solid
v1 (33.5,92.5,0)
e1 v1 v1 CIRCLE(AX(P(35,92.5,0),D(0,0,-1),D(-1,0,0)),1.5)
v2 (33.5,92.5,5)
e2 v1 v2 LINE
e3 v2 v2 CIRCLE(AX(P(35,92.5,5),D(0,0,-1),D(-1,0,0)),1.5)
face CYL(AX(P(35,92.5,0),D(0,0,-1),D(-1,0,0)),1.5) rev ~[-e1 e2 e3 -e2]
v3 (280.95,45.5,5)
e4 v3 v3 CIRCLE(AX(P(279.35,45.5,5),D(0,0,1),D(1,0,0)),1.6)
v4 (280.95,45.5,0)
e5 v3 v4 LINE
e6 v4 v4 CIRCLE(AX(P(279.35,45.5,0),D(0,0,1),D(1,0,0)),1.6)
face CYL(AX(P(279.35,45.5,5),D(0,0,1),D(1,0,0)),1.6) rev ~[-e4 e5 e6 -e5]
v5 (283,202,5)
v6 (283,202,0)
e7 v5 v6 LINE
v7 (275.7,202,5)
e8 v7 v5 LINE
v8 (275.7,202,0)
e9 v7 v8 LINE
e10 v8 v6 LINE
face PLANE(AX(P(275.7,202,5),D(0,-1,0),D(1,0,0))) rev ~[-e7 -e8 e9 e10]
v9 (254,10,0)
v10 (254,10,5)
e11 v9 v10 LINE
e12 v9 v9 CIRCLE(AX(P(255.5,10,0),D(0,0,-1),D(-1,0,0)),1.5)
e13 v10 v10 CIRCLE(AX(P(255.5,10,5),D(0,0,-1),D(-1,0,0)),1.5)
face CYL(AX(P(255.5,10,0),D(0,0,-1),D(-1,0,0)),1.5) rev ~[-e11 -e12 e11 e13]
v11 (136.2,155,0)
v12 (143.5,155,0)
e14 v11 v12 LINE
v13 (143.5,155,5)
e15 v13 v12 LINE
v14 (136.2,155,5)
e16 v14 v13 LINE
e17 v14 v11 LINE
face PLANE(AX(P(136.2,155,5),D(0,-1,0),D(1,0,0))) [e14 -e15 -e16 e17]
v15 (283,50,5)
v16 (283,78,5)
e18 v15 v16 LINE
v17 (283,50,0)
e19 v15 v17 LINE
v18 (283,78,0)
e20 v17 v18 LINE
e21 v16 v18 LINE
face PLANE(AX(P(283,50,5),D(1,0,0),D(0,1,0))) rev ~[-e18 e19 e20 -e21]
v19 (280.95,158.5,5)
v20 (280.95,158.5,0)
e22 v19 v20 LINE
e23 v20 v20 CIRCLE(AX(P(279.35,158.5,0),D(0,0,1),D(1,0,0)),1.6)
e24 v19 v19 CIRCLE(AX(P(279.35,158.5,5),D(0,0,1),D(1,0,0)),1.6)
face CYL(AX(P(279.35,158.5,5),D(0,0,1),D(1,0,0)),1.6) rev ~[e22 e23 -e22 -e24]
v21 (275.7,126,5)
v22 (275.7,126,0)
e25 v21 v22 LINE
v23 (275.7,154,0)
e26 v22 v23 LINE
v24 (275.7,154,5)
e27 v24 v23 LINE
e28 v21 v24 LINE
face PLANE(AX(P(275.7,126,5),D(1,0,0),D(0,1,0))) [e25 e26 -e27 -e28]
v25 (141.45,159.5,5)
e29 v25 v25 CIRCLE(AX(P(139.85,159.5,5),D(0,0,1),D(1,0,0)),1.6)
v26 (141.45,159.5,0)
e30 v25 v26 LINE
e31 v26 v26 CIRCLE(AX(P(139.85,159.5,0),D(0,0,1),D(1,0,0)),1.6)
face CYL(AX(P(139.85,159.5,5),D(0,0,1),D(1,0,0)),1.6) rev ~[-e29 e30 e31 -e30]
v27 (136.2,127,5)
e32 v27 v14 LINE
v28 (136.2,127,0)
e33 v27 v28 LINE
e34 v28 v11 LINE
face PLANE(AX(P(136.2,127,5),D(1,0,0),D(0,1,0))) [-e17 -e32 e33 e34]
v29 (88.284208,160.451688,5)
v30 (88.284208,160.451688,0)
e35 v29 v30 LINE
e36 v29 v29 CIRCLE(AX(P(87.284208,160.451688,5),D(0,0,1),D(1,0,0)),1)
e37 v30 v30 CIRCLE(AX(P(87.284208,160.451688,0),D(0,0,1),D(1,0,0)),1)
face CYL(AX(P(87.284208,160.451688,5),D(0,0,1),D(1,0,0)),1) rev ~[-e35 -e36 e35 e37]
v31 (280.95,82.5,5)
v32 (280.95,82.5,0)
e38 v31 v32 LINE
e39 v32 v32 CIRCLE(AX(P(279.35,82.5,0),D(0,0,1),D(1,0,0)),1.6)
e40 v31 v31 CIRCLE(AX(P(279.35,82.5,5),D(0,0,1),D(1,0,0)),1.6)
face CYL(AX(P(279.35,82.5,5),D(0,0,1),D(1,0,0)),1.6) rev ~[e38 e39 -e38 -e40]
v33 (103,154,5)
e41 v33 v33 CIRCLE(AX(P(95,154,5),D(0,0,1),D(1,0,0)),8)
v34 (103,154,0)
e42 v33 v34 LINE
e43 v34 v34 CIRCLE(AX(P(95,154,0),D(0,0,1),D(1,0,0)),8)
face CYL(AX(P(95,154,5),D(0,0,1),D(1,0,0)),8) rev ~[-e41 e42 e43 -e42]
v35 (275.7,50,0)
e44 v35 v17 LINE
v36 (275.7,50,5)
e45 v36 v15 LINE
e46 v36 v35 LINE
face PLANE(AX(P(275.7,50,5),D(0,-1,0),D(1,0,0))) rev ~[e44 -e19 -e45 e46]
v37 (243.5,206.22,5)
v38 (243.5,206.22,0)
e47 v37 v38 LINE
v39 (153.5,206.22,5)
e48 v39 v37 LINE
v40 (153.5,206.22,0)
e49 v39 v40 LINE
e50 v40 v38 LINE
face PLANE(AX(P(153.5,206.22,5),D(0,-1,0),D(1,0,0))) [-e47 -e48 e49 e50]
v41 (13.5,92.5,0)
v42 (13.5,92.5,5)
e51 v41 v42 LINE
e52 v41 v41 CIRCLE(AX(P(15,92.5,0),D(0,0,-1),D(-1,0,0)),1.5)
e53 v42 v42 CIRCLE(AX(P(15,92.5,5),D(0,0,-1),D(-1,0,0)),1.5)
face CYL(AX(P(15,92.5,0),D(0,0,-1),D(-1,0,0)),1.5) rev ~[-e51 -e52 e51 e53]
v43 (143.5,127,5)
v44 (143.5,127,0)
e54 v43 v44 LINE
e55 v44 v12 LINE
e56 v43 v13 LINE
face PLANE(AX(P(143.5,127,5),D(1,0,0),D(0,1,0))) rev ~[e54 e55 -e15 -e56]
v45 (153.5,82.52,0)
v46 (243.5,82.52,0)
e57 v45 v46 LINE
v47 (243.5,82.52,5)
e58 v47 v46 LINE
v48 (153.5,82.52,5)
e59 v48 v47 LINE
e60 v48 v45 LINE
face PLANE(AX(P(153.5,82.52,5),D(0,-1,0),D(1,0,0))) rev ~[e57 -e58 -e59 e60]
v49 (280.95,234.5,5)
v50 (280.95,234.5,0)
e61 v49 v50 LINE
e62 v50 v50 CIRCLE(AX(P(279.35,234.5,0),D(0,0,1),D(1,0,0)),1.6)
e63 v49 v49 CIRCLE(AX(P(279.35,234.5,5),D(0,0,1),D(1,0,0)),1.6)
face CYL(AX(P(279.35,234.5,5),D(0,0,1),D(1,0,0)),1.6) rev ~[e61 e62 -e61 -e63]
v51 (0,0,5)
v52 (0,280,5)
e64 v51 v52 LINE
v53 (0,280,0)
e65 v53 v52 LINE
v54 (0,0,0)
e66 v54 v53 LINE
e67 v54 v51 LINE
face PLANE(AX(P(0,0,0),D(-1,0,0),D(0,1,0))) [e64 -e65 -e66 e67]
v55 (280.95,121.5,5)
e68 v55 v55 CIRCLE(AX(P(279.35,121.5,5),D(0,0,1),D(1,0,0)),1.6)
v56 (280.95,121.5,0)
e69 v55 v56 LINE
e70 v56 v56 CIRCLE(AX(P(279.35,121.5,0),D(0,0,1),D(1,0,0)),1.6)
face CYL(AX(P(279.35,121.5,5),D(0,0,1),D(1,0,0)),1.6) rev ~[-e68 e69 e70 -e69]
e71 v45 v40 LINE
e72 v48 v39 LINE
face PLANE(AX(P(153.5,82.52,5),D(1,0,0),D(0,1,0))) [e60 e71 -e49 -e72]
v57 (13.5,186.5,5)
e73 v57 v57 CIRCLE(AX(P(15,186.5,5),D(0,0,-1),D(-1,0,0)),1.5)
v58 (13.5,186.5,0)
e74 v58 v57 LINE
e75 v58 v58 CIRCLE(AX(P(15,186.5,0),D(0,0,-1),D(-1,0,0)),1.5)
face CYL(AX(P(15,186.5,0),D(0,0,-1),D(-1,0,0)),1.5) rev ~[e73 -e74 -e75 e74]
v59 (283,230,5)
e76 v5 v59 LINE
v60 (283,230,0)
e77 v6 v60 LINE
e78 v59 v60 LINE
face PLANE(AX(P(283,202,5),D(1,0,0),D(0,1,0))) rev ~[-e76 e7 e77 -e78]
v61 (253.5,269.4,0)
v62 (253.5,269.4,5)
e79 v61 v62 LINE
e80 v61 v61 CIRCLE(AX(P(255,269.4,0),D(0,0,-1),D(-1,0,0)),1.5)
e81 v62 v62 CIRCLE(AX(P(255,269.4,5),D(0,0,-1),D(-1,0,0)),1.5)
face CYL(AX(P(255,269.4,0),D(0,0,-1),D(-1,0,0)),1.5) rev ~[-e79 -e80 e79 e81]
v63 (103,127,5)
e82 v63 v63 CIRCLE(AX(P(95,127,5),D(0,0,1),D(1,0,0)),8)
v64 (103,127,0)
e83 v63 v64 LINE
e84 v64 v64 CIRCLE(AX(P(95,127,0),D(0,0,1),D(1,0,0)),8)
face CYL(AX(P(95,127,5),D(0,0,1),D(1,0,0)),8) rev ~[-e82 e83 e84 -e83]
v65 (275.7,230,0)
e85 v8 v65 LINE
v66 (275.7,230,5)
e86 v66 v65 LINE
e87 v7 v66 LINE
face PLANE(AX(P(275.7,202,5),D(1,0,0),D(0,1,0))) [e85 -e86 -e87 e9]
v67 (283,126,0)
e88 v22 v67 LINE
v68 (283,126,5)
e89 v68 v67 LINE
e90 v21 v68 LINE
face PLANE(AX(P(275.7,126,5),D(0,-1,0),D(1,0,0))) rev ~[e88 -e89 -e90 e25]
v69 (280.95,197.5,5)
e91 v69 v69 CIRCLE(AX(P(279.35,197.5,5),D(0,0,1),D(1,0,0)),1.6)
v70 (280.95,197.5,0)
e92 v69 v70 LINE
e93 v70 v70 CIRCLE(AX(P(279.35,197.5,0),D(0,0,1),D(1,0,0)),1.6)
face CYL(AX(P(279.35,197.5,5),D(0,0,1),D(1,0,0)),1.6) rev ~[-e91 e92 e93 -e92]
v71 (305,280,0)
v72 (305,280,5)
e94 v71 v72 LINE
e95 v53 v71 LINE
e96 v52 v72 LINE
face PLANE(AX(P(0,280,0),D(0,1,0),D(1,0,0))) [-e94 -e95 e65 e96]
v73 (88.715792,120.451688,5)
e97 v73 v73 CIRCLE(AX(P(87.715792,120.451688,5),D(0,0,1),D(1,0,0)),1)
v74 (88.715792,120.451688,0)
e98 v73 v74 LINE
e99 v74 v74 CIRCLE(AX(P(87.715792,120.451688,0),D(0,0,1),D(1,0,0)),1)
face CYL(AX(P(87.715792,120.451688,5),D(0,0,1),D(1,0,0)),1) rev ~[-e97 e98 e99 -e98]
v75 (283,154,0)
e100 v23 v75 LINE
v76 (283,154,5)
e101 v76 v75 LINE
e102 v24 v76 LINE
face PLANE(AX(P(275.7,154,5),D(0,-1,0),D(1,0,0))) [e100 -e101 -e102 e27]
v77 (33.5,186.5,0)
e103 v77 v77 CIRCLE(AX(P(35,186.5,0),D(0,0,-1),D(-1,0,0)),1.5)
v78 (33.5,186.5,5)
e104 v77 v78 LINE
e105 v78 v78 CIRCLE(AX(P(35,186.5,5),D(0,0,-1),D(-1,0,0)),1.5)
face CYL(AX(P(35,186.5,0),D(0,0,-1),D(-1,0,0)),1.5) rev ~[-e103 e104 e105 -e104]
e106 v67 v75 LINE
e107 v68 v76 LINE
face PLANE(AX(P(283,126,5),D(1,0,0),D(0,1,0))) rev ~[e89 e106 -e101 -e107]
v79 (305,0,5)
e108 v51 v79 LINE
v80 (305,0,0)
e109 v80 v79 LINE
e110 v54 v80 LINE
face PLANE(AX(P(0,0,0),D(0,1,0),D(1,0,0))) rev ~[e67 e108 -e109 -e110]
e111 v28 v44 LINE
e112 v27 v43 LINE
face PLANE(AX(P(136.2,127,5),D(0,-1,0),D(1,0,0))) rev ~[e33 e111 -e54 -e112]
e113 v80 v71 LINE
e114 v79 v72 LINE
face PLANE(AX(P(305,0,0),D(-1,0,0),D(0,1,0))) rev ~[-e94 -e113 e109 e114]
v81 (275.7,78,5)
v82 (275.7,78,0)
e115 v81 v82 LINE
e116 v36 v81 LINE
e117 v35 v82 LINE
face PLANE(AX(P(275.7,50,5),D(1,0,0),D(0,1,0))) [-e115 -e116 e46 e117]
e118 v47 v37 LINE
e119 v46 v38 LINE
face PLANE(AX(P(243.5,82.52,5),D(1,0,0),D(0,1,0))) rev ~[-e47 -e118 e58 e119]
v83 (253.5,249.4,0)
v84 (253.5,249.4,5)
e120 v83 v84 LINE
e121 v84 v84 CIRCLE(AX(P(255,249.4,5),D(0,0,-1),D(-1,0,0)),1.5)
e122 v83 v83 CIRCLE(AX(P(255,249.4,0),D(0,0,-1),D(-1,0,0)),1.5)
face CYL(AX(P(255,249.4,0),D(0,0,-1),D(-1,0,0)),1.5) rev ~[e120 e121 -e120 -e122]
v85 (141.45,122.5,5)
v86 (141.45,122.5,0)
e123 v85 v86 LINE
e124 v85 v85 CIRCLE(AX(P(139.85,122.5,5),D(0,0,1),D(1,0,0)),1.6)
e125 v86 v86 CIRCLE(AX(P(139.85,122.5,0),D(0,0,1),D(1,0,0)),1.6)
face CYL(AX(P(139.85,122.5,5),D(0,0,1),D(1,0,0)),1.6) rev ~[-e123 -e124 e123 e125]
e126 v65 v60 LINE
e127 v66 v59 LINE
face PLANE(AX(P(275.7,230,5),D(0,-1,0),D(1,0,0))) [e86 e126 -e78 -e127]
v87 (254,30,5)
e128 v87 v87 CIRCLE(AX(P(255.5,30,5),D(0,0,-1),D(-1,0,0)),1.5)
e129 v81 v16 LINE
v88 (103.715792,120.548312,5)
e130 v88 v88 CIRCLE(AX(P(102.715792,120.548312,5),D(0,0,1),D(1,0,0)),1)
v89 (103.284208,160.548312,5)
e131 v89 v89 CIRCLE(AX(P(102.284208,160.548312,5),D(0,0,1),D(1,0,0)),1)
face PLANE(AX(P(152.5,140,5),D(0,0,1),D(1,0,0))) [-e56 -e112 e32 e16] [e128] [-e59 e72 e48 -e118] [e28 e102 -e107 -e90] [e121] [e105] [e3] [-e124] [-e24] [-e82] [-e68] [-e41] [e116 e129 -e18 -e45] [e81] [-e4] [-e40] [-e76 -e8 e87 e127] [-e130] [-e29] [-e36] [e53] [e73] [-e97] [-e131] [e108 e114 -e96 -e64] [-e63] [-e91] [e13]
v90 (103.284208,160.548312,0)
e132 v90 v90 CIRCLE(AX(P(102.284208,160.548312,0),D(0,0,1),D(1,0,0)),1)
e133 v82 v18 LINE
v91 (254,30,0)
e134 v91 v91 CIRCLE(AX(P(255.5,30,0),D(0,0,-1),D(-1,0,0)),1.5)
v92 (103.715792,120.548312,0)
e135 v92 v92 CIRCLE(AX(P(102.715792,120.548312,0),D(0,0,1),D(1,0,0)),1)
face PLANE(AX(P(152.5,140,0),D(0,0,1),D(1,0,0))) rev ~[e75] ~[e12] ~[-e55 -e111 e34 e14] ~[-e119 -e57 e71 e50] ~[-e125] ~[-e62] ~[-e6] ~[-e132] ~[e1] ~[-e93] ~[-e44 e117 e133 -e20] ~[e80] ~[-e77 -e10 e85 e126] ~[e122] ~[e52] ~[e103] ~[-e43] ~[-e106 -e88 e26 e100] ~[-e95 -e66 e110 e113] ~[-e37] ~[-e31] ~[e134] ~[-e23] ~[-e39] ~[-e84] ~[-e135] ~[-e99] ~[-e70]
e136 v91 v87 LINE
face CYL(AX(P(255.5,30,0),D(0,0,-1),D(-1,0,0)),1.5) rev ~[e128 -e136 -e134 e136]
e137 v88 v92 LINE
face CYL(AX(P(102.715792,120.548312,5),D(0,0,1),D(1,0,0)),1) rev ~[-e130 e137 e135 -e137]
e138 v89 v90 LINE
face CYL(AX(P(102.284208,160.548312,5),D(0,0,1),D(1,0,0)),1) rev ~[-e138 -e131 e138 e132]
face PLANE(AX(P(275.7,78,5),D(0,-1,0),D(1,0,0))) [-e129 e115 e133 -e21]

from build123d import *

# Parameters (mm, degrees)
ESQUISSE1_W             = 305
ESQUISSE1_H             = 280
BOSS_EXTRU_1_DEPTH      = 5
ESQUISSE2_W             = 90
ESQUISSE2_H             = 123.7
ENL_V_MAT_EXTRU_1_DEPTH = 5
ESQUISSE3_R             = 1.5
ENL_V_MAT_EXTRU_2_DEPTH = 415.065212255
ESQUISSE4_R             = 1.6
ESQUISSE4_W             = 7.3
ESQUISSE4_H             = 28
ENL_V_MAT_EXTRU_3_DEPTH = 415.065212255
ESQUISSE5_R             = 8
ESQUISSE5_R_2           = 1
ENL_V_MAT_EXTRU_4_DEPTH = 415.065212255


with BuildPart() as part:
    # Esquisse1 → Boss.-Extru.1 (new body)
    with BuildSketch(Plane.XY):
        with Locations((152.5, 140)):
            Rectangle(ESQUISSE1_W, ESQUISSE1_H)
    extrude(amount=BOSS_EXTRU_1_DEPTH)

    # Esquisse2 → Enlèv. mat.-Extru.1 (cut)
    with BuildSketch(Plane.XY.offset(5)):
        with Locations((198.5, 144.37)):
            Rectangle(ESQUISSE2_W, ESQUISSE2_H)
    extrude(amount=-ENL_V_MAT_EXTRU_1_DEPTH, mode=Mode.SUBTRACT)

    # Esquisse3 → Enlèv. mat.-Extru.2 (cut, through all)
    with BuildSketch(Plane(origin=(0, 0, 0), x_dir=(-1, 0, 0), z_dir=(0, 0, -1))):
        with Locations((-15, 92.5)):
            Circle(ESQUISSE3_R)
        with Locations((-35, 92.5)):
            Circle(ESQUISSE3_R)
        with Locations((-35, 186.5)):
            Circle(ESQUISSE3_R)
        with Locations((-15, 186.5)):
            Circle(ESQUISSE3_R)
        with Locations((-255, 249.4)):
            Circle(ESQUISSE3_R)
        with Locations((-255, 269.4)):
            Circle(ESQUISSE3_R)
        with Locations((-255.5, 10)):
            Circle(ESQUISSE3_R)
        with Locations((-255.5, 30)):
            Circle(ESQUISSE3_R)
    extrude(amount=-ENL_V_MAT_EXTRU_2_DEPTH, mode=Mode.SUBTRACT)

    # Esquisse4 → Enlèv. mat.-Extru.3 (cut, through all)
    with BuildSketch(Plane.XY.offset(5)):
        with Locations((139.85, 159.5)):
            Circle(ESQUISSE4_R)
        with Locations((139.85, 122.5)):
            Circle(ESQUISSE4_R)
        with Locations((279.35, 82.5)):
            Circle(ESQUISSE4_R)
        with Locations((279.35, 45.5)):
            Circle(ESQUISSE4_R)
        with Locations((279.35, 121.5)):
            Circle(ESQUISSE4_R)
        with Locations((279.35, 158.5)):
            Circle(ESQUISSE4_R)
        with Locations((279.35, 197.5)):
            Circle(ESQUISSE4_R)
        with Locations((279.35, 234.5)):
            Circle(ESQUISSE4_R)
        with Locations((279.35, 64)):
            Rectangle(ESQUISSE4_W, ESQUISSE4_H)
        with Locations((279.35, 140)):
            Rectangle(ESQUISSE4_W, ESQUISSE4_H)
        with Locations((279.35, 216)):
            Rectangle(ESQUISSE4_W, ESQUISSE4_H)
        with Locations((139.85, 141)):
            Rectangle(ESQUISSE4_W, ESQUISSE4_H)
    extrude(amount=-ENL_V_MAT_EXTRU_3_DEPTH, mode=Mode.SUBTRACT)

    # Esquisse5 → Enlèv. mat.-Extru.4 (cut, through all)
    with BuildSketch(Plane.XY.offset(5)):
        with Locations((95, 127)):
            Circle(ESQUISSE5_R)
        with Locations((95, 154)):
            Circle(ESQUISSE5_R)
        with Locations((87.715791554, 120.451688458)):
            Circle(ESQUISSE5_R_2)
        with Locations((87.284208446, 160.451688458)):
            Circle(ESQUISSE5_R_2)
        with Locations((102.284208446, 160.548311542)):
            Circle(ESQUISSE5_R_2)
        with Locations((102.715791554, 120.548311542)):
            Circle(ESQUISSE5_R_2)
    extrude(amount=-ENL_V_MAT_EXTRU_4_DEPTH, mode=Mode.SUBTRACT)


solid = part.part
